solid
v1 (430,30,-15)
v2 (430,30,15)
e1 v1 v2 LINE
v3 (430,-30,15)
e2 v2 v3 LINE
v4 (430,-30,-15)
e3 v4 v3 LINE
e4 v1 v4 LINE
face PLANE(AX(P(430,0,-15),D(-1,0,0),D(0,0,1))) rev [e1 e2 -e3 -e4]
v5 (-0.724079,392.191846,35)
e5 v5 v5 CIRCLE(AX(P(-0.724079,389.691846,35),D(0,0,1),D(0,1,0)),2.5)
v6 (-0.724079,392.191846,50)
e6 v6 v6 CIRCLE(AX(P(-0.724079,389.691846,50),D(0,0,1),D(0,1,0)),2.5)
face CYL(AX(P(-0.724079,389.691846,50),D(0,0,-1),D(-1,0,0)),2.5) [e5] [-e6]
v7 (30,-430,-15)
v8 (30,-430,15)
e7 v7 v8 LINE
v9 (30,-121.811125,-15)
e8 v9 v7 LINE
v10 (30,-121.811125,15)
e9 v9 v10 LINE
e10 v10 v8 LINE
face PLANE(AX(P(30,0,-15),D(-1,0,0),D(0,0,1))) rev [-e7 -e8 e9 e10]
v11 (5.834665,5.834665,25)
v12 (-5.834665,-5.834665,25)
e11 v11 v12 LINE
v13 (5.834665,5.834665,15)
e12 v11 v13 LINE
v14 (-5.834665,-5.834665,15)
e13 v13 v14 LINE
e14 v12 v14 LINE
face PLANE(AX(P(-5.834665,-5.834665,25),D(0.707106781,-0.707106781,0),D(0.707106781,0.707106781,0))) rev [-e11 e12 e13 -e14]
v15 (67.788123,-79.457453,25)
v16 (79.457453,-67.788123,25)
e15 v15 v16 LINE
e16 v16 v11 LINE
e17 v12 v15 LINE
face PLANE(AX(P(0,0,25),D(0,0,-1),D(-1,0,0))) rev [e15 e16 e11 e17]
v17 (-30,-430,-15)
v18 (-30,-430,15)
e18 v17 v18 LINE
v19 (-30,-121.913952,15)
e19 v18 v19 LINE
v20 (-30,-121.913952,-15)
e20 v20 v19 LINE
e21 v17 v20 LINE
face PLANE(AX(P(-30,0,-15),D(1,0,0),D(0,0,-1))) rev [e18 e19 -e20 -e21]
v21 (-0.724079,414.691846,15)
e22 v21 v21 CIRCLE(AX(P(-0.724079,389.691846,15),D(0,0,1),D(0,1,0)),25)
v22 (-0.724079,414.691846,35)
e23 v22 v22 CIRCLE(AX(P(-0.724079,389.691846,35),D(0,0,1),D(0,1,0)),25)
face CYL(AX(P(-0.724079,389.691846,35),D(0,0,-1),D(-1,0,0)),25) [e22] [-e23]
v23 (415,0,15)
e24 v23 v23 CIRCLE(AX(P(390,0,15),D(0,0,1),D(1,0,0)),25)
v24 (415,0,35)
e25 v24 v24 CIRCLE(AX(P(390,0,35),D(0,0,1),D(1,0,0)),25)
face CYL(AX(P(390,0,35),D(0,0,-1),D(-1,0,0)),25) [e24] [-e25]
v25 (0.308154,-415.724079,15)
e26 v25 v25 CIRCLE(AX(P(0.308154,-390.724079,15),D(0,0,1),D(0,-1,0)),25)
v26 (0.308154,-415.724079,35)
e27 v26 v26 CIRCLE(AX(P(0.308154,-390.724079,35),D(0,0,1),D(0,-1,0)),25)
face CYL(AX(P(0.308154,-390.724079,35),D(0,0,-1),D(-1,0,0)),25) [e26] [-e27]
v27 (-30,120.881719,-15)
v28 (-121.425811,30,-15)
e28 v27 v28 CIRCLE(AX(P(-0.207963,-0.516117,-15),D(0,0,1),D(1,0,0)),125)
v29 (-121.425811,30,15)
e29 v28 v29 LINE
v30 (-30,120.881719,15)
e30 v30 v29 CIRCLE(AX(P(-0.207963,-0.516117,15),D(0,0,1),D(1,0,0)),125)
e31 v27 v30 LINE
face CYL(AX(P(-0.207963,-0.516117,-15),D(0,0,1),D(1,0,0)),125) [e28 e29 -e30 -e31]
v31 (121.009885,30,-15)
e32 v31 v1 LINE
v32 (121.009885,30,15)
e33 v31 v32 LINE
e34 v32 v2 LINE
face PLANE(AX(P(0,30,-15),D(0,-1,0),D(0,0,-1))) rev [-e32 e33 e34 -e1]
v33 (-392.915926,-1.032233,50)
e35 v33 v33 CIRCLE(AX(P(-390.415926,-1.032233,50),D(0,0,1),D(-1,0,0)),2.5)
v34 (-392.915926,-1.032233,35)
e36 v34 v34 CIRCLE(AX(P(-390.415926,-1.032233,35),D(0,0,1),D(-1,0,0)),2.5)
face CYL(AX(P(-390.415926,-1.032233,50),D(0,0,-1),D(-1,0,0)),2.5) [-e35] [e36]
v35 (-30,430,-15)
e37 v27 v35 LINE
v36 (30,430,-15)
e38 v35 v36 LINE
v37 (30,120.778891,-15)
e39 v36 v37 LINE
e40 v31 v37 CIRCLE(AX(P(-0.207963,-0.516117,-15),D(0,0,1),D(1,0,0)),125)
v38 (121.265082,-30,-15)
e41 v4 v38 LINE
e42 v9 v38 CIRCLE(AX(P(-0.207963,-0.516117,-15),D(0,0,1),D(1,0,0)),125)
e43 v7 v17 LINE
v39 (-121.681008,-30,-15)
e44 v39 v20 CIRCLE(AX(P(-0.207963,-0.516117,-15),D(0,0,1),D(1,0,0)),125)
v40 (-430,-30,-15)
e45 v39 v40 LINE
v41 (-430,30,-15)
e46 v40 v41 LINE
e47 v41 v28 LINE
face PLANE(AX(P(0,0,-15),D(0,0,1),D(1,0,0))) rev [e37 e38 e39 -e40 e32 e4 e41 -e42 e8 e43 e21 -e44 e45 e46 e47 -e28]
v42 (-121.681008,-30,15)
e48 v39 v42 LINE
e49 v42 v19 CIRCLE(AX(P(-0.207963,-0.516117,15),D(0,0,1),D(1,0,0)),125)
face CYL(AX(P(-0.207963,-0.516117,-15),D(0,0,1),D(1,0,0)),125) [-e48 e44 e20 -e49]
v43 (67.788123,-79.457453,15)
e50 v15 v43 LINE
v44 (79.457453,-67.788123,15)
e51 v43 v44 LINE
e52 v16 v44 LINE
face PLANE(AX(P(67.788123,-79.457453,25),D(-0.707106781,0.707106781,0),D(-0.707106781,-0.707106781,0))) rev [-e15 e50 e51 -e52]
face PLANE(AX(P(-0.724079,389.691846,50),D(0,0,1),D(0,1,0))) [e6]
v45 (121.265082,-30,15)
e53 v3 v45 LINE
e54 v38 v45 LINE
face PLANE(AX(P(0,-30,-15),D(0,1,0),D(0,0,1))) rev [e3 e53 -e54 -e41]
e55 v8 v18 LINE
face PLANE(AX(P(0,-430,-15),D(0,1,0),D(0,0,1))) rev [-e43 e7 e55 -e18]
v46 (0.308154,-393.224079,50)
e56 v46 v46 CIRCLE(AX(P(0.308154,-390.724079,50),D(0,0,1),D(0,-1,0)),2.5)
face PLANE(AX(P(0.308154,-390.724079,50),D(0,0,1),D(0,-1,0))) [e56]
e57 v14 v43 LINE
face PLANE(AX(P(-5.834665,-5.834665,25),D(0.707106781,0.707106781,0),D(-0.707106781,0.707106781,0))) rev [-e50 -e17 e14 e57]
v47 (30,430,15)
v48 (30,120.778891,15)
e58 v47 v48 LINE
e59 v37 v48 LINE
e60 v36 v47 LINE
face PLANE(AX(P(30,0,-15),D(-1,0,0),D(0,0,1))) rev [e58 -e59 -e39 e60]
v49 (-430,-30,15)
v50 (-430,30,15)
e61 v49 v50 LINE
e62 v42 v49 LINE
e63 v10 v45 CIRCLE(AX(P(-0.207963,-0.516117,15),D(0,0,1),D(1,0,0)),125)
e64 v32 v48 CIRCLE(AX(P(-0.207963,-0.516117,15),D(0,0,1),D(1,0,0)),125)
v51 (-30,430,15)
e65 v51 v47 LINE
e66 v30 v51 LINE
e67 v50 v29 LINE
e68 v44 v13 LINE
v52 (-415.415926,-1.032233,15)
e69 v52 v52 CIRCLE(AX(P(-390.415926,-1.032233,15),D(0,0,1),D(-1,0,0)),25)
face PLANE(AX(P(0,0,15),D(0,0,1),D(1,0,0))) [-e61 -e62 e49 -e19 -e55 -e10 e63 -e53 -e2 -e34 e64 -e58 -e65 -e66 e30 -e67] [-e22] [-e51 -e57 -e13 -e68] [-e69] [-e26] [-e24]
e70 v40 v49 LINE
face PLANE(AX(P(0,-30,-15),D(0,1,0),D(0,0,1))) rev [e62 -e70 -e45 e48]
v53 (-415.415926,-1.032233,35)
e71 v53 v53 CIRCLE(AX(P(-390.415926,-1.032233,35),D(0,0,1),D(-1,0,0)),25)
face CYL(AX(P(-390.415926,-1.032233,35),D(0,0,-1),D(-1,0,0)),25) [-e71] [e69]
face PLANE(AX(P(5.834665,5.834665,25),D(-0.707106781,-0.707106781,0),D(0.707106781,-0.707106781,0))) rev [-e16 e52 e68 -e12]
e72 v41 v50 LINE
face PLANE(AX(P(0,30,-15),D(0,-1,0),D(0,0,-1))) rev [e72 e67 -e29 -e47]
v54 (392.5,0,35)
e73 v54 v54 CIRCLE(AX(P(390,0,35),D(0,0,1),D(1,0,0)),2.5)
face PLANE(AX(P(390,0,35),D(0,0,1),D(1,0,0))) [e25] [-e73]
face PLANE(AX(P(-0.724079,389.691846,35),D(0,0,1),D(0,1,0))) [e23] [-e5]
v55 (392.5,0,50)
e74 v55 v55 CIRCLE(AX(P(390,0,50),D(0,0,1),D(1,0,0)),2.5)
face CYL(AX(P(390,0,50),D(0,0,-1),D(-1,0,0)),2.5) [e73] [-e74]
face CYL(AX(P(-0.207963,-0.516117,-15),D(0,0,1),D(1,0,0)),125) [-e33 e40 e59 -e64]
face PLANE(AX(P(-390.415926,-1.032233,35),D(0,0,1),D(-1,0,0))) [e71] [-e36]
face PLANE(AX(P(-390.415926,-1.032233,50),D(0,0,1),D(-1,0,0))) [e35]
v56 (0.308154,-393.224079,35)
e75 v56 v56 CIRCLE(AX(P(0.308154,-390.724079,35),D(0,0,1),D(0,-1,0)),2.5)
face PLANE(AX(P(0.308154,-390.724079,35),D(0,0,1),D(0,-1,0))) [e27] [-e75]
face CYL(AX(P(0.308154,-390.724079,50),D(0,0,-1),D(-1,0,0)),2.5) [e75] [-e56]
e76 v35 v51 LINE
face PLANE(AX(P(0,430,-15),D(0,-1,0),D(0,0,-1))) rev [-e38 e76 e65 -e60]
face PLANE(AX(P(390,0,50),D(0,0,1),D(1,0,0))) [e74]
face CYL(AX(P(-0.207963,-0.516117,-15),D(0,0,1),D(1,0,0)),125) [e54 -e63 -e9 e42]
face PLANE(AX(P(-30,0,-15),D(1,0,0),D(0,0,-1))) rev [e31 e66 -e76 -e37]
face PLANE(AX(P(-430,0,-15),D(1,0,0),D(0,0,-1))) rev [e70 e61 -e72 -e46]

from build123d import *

# Parameters (mm, degrees)
BOSS_EXTRUDE1_DEPTH      = 15
BOSS_EXTRUDE1_DEPTH_BACK = 15
SKETCH2_R                = 25
BOSS_EXTRUDE2_DEPTH      = 20
SKETCH3_R                = 2.5
BOSS_EXTRUDE3_DEPTH      = 15
CIRPATTERN1_COUNT        = 4
BOSS_EXTRUDE4_DEPTH      = 10


with BuildPart() as part:
    # Sketch1 → Boss-Extrude1 (new, two sides: drawn at the far end of the back side and taken through both)
    with BuildSketch(Plane.XY.offset(-BOSS_EXTRUDE1_DEPTH_BACK)):
        with BuildLine():
            Line((30, 430), (-30, 430))
            Line((-30, 430), (-30, 120.881719036))
            ThreePointArc((-30, 120.881719036), (-88.332125518, 88.135628612), (-121.425810587, 30))
            Line((-121.425810587, 30), (-430, 30))
            Line((-430, 30), (-430, -30))
            Line((-430, -30), (-121.68100765, -30))
            ThreePointArc((-121.68100765, -30), (-88.7083861, -88.792246397), (-30, -121.91395242))
            Line((-30, -121.91395242), (-30, -430))
            Line((-30, -430), (30, -430))
            Line((30, -430), (30, -121.811124765))
            ThreePointArc((30, -121.811124765), (88.443617434, -88.640445466), (121.26508205, -30))
            Line((121.26508205, -30), (430, -30))
            Line((430, -30), (430, 30))
            Line((430, 30), (121.009884987, 30))
            ThreePointArc((121.009884987, 30), (88.068001132, 87.984471961), (30, 120.778891382))
            Line((30, 120.778891382), (30, 430))
        make_face()
    extrude(amount=BOSS_EXTRUDE1_DEPTH + BOSS_EXTRUDE1_DEPTH_BACK)

    # Sketch2 → Boss-Extrude2 (add)
    with BuildSketch(Plane.XY.offset(15)):
        with Locations((390, 0)):
            Circle(SKETCH2_R)
    boss_extrude2 = extrude(amount=BOSS_EXTRUDE2_DEPTH)

    # Sketch3 → Boss-Extrude3 (add)
    with BuildSketch(Plane.XY.offset(35)):
        with Locations((390, 0)):
            Circle(SKETCH3_R)
    boss_extrude3 = extrude(amount=BOSS_EXTRUDE3_DEPTH)

    # CirPattern1: Boss-Extrude2, Boss-Extrude3 ×4 about axis
    cirpattern1_axis = Axis((-0.2079628, -0.516116692, -15), (0, 0, 1))
    add([boss_extrude2.rotate(cirpattern1_axis, i * 360 / CIRPATTERN1_COUNT) for i in range(1, CIRPATTERN1_COUNT)])
    add([boss_extrude3.rotate(cirpattern1_axis, i * 360 / CIRPATTERN1_COUNT) for i in range(1, CIRPATTERN1_COUNT)])

    # Sketch4 → Boss-Extrude4 (add)
    with BuildSketch(Plane.XY.offset(15)):
        Polygon((-5.834664758, -5.834664758), (67.788123176, -79.457452693), (79.457452693, -67.788123176), (5.834664758, 5.834664758), align=None)
    extrude(amount=BOSS_EXTRUDE4_DEPTH)


solid = part.part
